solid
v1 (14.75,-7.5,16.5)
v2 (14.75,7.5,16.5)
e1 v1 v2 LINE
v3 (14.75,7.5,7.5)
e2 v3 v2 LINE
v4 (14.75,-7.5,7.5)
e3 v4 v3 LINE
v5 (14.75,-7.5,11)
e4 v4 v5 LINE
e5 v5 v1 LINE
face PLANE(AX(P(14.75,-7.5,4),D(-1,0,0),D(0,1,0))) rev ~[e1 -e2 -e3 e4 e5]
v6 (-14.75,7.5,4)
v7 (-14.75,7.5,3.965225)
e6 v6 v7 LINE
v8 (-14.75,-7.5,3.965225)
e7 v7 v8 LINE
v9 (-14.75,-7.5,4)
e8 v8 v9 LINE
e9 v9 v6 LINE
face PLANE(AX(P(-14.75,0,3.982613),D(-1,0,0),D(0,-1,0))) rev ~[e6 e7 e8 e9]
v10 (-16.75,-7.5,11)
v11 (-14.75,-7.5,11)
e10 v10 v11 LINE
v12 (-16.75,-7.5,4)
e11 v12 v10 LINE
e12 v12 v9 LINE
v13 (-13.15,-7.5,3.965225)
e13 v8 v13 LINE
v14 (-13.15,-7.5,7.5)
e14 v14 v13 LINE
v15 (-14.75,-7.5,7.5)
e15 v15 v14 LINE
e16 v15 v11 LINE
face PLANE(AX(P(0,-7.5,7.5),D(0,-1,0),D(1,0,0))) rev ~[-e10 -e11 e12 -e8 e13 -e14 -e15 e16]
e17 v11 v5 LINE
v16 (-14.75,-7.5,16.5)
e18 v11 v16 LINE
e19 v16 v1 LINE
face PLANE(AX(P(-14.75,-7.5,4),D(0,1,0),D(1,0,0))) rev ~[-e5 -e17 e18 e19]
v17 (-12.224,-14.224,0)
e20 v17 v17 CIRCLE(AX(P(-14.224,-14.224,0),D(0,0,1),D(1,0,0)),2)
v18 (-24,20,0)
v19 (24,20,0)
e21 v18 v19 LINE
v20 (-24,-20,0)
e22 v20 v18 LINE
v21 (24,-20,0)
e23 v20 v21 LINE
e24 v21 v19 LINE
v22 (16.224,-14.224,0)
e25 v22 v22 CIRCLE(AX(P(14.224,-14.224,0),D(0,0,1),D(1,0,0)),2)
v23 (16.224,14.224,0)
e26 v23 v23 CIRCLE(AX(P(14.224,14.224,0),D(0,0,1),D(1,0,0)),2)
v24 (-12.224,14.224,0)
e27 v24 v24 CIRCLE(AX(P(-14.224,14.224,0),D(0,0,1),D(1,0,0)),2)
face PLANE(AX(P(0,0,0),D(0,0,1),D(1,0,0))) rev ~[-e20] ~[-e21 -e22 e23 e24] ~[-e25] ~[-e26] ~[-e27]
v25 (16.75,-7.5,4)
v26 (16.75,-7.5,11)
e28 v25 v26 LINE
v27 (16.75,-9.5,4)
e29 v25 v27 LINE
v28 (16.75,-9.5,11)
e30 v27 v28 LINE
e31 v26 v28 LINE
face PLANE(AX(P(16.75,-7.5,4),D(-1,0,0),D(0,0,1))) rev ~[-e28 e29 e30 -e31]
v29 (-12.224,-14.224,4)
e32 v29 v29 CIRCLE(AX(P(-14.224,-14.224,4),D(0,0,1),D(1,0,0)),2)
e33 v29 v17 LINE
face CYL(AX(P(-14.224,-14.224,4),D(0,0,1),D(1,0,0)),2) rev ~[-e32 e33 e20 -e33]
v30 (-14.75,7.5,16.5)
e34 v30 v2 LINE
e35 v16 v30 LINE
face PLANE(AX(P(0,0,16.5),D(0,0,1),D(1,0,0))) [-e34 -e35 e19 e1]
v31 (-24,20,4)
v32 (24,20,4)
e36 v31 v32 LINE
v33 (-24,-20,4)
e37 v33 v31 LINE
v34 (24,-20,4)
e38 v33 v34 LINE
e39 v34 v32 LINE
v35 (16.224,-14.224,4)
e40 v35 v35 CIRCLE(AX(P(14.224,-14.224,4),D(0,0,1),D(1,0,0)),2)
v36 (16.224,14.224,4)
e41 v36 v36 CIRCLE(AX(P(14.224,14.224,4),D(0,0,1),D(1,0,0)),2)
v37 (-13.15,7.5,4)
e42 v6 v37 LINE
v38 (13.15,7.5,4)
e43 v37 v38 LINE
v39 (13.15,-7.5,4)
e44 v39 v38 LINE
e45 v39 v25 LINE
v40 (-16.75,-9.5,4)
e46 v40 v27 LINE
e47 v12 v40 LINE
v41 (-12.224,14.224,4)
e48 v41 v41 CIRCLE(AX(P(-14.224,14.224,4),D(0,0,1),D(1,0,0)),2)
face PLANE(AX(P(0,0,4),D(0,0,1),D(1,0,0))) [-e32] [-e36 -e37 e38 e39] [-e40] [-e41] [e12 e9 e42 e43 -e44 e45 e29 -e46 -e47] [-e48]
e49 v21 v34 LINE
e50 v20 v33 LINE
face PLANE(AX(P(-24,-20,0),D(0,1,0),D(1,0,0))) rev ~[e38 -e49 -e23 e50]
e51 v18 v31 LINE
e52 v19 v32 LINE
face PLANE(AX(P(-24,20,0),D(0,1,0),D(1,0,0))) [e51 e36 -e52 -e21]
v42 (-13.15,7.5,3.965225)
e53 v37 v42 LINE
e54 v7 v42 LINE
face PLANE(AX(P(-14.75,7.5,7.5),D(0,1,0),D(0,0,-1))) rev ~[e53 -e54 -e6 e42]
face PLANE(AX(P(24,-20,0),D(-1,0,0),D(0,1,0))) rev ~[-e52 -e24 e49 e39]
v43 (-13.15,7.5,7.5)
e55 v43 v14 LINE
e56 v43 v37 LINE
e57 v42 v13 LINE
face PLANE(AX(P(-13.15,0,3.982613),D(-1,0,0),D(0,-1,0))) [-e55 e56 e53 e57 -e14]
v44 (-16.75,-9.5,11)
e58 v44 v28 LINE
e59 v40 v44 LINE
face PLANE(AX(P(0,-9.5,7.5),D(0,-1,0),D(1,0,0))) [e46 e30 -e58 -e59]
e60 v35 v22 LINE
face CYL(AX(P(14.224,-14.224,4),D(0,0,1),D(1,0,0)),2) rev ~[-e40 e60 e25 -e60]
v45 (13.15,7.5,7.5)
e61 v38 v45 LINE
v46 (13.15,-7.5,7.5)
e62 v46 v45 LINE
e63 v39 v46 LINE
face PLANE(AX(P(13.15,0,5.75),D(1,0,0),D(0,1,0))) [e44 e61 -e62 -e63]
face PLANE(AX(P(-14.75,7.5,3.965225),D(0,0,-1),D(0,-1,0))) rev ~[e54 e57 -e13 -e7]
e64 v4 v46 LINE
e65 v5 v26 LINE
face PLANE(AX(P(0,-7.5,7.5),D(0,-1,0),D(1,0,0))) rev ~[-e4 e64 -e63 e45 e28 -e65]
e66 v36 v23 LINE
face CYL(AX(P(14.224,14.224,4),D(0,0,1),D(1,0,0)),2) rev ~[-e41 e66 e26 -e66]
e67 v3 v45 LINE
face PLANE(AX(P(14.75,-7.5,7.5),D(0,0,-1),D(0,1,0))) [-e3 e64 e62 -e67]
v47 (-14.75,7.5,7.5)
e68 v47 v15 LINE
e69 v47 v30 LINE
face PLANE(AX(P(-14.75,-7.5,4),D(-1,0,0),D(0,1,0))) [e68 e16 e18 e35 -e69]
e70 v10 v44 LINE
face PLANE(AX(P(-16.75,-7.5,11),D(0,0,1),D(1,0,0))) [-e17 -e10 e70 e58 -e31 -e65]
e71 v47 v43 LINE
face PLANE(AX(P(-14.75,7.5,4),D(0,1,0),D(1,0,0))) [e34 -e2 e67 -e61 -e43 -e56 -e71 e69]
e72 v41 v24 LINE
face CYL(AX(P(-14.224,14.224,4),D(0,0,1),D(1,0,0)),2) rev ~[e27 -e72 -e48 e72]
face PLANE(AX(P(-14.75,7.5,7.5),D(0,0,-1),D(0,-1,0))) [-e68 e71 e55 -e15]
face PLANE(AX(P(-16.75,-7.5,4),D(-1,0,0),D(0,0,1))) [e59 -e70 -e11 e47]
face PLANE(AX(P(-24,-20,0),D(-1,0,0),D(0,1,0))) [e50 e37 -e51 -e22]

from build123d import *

# Parameters (mm, degrees)
F0_W      = 48
F0_H      = 40
F1_DEPTH  = 4
F2_R      = 2
F3_DEPTH  = 4.001
F4_W      = 29.5
F4_H      = 15
F5_DEPTH  = 12.5
F6_W      = 15
F6_H      = 0.034775
F6_H_2    = 3.5
F7_DEPTH  = 1.6
F8_W      = 15
F8_H      = 3.5
F9_DEPTH  = 1.6
F10_DEPTH = 1.6
F11_W     = 33.5
F11_H     = 7
F12_DEPTH = 2


with BuildPart() as f1:
    # F0 (on Top) → F1 (new body)
    with BuildSketch(Plane.XY):
        Rectangle(F0_W, F0_H)
    extrude(amount=F1_DEPTH)

    # F2 (on face) → F3 (cut, through all)
    with BuildSketch(Plane.XY.offset(4)):
        with Locations((-14.224, 14.224)):
            Circle(F2_R)
        with Locations((14.224, 14.224)):
            Circle(F2_R)
        with Locations((-14.224, -14.224)):
            Circle(F2_R)
        with Locations((14.224, -14.224)):
            Circle(F2_R)
    extrude(amount=-F3_DEPTH, mode=Mode.SUBTRACT)

    # F4 (on face) → F5 (join)
    with BuildSketch(Plane.XY.offset(4)):
        Rectangle(F4_W, F4_H)
    extrude(amount=F5_DEPTH)

    # F6 (on face) → F7 (cut)
    with BuildSketch(Plane(origin=(-14.75, 0, 0), x_dir=(0, -1, 0), z_dir=(-1, 0, 0))):
        with Locations((0, 3.982613)):
            Rectangle(F6_W, F6_H)
        with Locations((0, 5.75)):
            Rectangle(F6_W, F6_H_2)
    extrude(amount=-F7_DEPTH, mode=Mode.SUBTRACT)

    # F8 (on face) → F9 (cut)
    with BuildSketch(Plane.YZ.offset(14.75)):
        with Locations((0, 5.75)):
            Rectangle(F8_W, F8_H)
    extrude(amount=-F9_DEPTH, mode=Mode.SUBTRACT)

    # F6 (on face) → F10 (cut)
    with BuildSketch(Plane(origin=(-14.75, 0, 0), x_dir=(0, -1, 0), z_dir=(-1, 0, 0))):
        with Locations((0, 3.982613)):
            Rectangle(F6_W, F6_H)
        with Locations((0, 5.75)):
            Rectangle(F6_W, F6_H_2)
    extrude(amount=-F10_DEPTH, mode=Mode.SUBTRACT)

    # F11 (on face) → F12 (join)
    with BuildSketch(Plane.XZ.offset(7.5)):
        with Locations((0, 7.5)):
            Rectangle(F11_W, F11_H)
    extrude(amount=F12_DEPTH)


solid = f1.part
